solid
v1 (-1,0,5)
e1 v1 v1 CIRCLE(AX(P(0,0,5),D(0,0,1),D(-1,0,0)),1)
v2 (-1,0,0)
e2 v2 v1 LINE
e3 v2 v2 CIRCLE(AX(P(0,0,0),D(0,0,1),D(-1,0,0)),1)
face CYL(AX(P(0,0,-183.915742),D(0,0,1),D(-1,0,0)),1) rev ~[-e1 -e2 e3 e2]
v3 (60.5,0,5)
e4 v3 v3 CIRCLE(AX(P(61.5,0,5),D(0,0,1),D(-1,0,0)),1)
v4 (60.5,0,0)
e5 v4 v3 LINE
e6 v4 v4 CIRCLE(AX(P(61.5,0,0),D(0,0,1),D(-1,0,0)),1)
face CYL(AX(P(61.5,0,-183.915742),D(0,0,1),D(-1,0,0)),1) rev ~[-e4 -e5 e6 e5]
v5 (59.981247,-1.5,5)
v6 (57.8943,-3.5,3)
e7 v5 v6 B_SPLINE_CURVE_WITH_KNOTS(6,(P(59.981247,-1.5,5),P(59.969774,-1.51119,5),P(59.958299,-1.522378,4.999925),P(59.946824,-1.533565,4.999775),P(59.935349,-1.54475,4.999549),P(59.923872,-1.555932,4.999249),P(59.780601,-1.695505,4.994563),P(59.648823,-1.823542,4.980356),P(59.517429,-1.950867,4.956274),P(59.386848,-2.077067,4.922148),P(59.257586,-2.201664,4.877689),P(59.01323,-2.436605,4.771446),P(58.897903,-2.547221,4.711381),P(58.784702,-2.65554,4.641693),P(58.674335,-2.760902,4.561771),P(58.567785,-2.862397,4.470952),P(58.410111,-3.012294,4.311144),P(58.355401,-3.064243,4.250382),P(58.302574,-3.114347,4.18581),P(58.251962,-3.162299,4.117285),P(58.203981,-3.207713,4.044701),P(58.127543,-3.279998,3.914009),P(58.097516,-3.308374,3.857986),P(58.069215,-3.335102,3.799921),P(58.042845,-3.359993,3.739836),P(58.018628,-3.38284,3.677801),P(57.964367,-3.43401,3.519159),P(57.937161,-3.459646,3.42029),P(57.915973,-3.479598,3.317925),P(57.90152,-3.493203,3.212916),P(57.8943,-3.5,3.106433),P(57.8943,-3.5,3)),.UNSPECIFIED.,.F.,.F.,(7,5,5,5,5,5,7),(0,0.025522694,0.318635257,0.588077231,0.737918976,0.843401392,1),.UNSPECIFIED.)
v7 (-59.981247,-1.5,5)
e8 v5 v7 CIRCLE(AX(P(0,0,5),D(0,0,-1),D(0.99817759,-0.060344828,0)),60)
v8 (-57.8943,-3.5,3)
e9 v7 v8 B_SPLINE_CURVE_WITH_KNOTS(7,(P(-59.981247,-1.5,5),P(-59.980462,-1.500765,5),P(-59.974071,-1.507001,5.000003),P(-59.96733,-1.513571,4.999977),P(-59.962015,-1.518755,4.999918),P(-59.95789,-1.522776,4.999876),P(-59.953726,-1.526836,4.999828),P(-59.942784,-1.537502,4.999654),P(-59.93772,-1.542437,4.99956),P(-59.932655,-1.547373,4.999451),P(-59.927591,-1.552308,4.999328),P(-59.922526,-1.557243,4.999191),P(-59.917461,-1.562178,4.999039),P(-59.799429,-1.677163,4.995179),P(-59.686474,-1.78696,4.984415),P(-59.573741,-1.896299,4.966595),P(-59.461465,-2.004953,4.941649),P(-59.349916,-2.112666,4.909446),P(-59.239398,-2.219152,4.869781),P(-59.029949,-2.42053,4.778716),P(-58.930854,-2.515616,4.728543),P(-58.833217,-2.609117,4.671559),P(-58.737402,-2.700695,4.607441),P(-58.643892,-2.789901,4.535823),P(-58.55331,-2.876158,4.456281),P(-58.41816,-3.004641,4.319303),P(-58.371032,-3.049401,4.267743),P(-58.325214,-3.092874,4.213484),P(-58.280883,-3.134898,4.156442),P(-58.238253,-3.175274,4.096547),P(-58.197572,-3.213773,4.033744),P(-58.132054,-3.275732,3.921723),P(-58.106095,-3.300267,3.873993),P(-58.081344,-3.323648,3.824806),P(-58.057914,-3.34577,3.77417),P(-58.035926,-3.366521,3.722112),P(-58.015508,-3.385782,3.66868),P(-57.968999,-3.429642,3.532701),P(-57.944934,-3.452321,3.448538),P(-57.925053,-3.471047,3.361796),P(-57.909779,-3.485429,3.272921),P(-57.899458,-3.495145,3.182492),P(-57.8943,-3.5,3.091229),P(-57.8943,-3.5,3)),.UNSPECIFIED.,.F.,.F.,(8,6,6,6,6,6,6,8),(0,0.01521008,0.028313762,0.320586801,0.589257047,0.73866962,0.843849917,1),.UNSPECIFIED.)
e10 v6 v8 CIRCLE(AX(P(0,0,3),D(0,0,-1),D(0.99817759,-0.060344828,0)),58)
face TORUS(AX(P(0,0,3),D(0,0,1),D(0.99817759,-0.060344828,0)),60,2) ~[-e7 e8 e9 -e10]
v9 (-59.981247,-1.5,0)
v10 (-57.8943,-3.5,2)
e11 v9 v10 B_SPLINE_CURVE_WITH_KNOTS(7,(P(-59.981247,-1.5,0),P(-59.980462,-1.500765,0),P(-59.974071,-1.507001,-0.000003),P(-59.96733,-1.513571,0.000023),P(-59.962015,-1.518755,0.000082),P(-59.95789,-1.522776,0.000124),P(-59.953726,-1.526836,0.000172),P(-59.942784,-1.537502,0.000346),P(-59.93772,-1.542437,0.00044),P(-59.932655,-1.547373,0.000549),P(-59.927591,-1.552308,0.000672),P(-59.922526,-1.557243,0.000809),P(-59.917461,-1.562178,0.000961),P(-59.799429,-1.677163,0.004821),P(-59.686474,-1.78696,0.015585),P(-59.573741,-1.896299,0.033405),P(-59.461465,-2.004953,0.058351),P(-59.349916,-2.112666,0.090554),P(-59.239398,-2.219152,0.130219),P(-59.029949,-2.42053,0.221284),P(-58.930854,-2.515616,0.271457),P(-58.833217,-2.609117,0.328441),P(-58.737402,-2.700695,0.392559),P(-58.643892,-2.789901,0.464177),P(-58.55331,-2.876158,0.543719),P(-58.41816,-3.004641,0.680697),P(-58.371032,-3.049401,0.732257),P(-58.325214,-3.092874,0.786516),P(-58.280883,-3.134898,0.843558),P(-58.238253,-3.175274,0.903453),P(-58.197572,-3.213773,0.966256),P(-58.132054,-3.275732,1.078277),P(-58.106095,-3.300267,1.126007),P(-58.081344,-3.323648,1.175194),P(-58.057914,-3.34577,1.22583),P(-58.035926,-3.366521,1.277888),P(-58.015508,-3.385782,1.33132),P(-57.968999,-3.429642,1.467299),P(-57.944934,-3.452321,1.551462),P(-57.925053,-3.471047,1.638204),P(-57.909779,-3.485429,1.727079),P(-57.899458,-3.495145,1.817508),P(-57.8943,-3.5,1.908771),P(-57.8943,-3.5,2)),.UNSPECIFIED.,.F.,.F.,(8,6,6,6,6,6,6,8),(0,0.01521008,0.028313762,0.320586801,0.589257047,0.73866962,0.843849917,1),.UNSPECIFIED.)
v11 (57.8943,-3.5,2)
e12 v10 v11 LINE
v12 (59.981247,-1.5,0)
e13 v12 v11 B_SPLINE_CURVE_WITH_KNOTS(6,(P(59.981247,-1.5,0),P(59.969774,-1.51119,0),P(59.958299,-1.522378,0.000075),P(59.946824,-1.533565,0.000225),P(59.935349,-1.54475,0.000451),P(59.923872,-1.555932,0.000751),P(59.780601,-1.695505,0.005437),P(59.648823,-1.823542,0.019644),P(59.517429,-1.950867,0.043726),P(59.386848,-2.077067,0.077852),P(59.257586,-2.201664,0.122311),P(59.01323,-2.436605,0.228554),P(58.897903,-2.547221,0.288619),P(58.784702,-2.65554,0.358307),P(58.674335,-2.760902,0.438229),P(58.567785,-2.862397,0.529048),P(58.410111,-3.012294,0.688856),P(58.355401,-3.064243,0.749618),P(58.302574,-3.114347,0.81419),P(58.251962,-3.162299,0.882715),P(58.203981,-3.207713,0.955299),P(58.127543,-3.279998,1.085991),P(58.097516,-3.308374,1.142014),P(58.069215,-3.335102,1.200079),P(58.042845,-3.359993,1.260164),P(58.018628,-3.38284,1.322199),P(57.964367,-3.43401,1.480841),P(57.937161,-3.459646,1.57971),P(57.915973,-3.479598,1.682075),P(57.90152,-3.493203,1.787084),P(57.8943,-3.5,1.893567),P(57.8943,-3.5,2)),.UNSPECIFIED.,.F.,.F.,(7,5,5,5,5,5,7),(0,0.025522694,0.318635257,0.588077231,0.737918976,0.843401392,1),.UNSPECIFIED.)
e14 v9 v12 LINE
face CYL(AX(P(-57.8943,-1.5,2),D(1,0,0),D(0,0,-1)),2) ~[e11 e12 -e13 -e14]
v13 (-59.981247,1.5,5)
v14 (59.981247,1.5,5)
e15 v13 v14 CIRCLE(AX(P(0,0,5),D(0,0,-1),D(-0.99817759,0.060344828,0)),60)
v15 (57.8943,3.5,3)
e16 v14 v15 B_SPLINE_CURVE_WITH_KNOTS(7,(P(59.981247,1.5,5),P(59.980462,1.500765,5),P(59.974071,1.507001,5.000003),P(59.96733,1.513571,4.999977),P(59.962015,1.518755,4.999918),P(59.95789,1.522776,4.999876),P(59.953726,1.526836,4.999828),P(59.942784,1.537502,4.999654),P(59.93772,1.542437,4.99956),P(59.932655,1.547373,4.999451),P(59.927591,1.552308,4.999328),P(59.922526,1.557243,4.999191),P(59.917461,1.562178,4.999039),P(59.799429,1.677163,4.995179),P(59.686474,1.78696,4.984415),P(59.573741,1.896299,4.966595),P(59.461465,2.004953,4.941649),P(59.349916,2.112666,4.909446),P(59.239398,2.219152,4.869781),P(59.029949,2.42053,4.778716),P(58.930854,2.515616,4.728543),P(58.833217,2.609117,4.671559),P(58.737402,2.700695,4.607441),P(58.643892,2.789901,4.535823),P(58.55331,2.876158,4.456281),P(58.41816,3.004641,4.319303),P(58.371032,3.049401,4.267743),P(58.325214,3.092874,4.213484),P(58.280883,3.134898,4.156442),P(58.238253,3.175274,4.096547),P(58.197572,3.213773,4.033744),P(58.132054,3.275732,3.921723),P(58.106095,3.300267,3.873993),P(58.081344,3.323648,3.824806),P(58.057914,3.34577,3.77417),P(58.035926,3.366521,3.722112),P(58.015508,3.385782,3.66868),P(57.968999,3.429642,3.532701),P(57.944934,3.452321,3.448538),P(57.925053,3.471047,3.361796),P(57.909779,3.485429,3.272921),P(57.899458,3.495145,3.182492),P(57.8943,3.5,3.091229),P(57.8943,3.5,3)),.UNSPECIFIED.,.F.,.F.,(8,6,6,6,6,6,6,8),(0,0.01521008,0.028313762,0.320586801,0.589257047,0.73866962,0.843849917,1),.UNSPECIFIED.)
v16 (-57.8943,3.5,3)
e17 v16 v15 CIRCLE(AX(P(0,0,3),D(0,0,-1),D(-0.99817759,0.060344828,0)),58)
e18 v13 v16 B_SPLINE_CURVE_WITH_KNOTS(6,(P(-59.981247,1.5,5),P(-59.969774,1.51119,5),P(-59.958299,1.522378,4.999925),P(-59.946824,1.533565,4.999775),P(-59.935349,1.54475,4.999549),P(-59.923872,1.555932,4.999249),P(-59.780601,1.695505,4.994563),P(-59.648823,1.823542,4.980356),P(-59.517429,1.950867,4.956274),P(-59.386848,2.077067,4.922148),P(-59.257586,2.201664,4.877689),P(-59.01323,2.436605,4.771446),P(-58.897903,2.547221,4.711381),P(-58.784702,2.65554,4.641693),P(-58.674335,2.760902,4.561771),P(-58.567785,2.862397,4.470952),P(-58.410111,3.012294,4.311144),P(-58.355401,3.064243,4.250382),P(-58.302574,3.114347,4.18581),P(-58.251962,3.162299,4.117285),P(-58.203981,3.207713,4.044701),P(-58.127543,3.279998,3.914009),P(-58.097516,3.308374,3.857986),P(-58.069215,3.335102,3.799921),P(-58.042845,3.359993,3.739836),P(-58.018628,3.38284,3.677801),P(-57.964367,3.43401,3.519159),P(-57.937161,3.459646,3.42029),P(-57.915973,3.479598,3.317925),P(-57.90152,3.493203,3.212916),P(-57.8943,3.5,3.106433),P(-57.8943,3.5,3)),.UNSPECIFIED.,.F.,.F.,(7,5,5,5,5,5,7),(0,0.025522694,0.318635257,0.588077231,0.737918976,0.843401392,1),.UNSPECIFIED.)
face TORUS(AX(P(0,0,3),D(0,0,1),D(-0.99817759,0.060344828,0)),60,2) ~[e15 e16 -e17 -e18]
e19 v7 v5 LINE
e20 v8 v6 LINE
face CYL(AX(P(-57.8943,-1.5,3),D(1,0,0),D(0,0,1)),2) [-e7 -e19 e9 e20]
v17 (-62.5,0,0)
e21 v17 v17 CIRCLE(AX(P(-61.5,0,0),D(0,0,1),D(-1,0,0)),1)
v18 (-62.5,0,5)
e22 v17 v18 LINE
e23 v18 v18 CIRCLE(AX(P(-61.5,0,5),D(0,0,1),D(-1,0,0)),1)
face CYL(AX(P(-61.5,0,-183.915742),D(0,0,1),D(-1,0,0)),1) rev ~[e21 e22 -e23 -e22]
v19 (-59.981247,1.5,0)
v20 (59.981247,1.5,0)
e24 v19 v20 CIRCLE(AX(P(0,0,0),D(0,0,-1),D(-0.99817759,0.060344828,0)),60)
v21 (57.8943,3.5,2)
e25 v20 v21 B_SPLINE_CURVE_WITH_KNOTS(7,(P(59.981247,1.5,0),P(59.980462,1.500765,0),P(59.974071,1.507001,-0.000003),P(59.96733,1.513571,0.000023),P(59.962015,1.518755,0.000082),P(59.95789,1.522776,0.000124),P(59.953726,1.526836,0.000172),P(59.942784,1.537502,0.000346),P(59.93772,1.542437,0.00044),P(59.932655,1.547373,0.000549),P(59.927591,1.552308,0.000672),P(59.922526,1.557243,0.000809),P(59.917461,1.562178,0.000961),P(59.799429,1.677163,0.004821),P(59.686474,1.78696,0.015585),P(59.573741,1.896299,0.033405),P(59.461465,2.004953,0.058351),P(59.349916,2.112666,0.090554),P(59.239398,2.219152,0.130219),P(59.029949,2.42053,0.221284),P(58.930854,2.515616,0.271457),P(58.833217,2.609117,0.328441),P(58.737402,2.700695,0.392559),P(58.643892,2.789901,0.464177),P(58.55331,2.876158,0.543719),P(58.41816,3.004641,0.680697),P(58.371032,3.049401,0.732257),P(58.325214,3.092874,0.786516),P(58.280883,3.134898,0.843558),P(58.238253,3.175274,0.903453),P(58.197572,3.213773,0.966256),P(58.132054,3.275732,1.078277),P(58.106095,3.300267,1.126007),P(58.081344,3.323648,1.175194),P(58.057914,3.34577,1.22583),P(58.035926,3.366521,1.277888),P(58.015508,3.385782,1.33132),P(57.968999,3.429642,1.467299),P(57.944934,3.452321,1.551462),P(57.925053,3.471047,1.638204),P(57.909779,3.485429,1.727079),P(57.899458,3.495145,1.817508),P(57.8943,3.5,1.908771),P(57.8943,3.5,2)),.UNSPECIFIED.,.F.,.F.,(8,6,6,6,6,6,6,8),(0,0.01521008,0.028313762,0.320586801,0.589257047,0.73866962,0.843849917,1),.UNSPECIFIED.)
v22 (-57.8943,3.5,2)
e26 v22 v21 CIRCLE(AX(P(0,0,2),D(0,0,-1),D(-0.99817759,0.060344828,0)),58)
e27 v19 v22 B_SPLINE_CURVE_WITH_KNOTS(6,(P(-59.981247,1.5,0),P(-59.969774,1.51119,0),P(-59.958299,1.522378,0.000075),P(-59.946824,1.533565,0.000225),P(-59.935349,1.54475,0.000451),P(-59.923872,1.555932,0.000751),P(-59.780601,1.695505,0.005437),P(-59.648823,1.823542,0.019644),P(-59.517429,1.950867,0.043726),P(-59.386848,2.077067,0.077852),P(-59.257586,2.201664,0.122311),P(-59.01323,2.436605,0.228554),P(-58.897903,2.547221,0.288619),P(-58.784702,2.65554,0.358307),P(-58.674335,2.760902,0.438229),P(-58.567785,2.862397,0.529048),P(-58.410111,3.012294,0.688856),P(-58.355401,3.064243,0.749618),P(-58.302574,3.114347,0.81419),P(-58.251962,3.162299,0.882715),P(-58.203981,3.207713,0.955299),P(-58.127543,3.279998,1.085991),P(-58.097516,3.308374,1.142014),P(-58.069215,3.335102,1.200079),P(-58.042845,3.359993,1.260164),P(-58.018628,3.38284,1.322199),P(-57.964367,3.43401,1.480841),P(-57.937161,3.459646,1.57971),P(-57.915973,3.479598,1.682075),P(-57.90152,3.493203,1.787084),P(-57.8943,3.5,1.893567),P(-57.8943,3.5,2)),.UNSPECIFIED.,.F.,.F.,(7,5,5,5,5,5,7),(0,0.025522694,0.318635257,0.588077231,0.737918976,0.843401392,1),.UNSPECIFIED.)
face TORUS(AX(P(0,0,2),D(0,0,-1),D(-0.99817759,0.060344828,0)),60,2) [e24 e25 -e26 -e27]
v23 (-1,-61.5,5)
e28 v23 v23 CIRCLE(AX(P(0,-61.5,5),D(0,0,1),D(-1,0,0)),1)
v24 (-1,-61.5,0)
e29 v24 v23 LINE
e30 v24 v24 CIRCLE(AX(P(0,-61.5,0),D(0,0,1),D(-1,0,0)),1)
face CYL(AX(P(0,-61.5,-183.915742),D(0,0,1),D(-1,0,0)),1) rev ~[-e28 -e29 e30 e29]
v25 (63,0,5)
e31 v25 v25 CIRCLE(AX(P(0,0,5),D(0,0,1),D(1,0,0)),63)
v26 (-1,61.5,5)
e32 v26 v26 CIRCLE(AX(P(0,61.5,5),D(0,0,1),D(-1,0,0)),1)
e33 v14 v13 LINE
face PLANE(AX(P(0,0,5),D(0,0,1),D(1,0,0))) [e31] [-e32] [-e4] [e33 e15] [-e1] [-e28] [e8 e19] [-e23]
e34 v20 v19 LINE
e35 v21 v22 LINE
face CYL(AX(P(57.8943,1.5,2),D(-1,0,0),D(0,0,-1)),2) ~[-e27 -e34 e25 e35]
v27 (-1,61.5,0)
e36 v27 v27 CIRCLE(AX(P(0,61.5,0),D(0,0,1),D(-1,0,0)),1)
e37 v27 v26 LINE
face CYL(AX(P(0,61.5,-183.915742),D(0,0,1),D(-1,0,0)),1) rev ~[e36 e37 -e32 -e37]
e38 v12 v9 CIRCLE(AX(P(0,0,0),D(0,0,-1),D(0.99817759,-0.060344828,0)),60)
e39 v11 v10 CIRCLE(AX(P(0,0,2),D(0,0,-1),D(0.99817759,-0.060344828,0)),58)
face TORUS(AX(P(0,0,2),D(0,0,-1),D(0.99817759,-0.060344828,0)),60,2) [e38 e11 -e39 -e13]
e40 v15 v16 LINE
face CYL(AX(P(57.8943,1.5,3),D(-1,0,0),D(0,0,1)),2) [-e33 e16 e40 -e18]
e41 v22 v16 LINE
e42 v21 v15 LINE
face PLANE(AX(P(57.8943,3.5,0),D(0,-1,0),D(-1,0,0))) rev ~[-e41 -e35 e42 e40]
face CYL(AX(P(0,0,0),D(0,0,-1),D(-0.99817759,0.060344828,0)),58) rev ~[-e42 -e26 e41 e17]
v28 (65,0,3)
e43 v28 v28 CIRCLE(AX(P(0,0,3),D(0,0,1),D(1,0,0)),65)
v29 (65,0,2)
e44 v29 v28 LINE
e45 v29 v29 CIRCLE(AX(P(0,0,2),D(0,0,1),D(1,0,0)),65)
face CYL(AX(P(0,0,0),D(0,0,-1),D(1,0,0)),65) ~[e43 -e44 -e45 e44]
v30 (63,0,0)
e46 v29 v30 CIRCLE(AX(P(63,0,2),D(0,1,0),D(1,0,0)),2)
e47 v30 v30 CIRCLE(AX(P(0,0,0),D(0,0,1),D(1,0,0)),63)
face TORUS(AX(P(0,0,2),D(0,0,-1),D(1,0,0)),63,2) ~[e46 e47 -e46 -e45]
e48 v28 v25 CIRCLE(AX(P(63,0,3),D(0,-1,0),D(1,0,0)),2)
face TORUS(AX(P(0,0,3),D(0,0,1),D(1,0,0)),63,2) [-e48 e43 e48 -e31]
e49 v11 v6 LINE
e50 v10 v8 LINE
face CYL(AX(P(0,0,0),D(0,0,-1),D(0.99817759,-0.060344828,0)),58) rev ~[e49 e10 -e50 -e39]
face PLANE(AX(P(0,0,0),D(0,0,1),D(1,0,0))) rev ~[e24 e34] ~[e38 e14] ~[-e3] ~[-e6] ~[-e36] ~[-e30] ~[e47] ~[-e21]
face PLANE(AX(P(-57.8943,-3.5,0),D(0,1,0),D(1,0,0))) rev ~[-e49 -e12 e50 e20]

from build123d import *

# Parameters (mm, degrees)
F0_R     = 65
F1_DEPTH = 5
F2_D     = 2
F3_R     = 2


with BuildPart() as f1:
    # F0 (on Top) → F1 (new body)
    with BuildSketch(Plane.XY):
        Circle(F0_R)
        with BuildLine():
            ThreePointArc((57.8943002376, 3.5), (57.973569037, 1.7507978495), (58, 0))
            ThreePointArc((58, 0), (57.973569037, -1.7507978495), (57.8943002376, -3.5))
            ThreePointArc((57.8943002376, -3.5), (0, -58), (-57.8943002376, -3.5))
            ThreePointArc((-57.8943002376, -3.5), (-58, 0), (-57.8943002376, 3.5))
            ThreePointArc((-57.8943002376, 3.5), (0, 58), (57.8943002376, 3.5))
        make_face(mode=Mode.SUBTRACT)
        with BuildLine():
            ThreePointArc((57.8943002376, -3.5), (57.973569037, -1.7507978495), (58, 0))
            ThreePointArc((58, 0), (57.973569037, 1.7507978495), (57.8943002376, 3.5))
            Line((57.8943002376, 3.5), (-57.8943002376, 3.5))
            ThreePointArc((-57.8943002376, 3.5), (-58, 0), (-57.8943002376, -3.5))
            Line((-57.8943002376, -3.5), (57.8943002376, -3.5))
        make_face()
    extrude(amount=F1_DEPTH)

    # F2 (through all)
    with Locations(Plane(origin=(0, 0, 0), x_dir=(1, 0, 0), z_dir=(0, 0, -1))):
        with Locations((-61.5, 0), (0, 0), (61.5, 0), (0, 61.5), (0, -61.5)):
            Hole(F2_D / 2)

    # F3
    f3_edges = [f1.edges().sort_by_distance(p)[0] for p in [
        (0, 58, 5),
        (-65, 0, 5),
        (0, -3.5, 5),
        (0, 3.5, 5),
        (0, -58, 5),
        (-65, 0, 0),
        (0, -58, 0),
        (0, -3.5, 0),
        (0, 58, 0),
        (0, 3.5, 0),
    ]]
    fillet(f3_edges, radius=F3_R)


solid = f1.part
